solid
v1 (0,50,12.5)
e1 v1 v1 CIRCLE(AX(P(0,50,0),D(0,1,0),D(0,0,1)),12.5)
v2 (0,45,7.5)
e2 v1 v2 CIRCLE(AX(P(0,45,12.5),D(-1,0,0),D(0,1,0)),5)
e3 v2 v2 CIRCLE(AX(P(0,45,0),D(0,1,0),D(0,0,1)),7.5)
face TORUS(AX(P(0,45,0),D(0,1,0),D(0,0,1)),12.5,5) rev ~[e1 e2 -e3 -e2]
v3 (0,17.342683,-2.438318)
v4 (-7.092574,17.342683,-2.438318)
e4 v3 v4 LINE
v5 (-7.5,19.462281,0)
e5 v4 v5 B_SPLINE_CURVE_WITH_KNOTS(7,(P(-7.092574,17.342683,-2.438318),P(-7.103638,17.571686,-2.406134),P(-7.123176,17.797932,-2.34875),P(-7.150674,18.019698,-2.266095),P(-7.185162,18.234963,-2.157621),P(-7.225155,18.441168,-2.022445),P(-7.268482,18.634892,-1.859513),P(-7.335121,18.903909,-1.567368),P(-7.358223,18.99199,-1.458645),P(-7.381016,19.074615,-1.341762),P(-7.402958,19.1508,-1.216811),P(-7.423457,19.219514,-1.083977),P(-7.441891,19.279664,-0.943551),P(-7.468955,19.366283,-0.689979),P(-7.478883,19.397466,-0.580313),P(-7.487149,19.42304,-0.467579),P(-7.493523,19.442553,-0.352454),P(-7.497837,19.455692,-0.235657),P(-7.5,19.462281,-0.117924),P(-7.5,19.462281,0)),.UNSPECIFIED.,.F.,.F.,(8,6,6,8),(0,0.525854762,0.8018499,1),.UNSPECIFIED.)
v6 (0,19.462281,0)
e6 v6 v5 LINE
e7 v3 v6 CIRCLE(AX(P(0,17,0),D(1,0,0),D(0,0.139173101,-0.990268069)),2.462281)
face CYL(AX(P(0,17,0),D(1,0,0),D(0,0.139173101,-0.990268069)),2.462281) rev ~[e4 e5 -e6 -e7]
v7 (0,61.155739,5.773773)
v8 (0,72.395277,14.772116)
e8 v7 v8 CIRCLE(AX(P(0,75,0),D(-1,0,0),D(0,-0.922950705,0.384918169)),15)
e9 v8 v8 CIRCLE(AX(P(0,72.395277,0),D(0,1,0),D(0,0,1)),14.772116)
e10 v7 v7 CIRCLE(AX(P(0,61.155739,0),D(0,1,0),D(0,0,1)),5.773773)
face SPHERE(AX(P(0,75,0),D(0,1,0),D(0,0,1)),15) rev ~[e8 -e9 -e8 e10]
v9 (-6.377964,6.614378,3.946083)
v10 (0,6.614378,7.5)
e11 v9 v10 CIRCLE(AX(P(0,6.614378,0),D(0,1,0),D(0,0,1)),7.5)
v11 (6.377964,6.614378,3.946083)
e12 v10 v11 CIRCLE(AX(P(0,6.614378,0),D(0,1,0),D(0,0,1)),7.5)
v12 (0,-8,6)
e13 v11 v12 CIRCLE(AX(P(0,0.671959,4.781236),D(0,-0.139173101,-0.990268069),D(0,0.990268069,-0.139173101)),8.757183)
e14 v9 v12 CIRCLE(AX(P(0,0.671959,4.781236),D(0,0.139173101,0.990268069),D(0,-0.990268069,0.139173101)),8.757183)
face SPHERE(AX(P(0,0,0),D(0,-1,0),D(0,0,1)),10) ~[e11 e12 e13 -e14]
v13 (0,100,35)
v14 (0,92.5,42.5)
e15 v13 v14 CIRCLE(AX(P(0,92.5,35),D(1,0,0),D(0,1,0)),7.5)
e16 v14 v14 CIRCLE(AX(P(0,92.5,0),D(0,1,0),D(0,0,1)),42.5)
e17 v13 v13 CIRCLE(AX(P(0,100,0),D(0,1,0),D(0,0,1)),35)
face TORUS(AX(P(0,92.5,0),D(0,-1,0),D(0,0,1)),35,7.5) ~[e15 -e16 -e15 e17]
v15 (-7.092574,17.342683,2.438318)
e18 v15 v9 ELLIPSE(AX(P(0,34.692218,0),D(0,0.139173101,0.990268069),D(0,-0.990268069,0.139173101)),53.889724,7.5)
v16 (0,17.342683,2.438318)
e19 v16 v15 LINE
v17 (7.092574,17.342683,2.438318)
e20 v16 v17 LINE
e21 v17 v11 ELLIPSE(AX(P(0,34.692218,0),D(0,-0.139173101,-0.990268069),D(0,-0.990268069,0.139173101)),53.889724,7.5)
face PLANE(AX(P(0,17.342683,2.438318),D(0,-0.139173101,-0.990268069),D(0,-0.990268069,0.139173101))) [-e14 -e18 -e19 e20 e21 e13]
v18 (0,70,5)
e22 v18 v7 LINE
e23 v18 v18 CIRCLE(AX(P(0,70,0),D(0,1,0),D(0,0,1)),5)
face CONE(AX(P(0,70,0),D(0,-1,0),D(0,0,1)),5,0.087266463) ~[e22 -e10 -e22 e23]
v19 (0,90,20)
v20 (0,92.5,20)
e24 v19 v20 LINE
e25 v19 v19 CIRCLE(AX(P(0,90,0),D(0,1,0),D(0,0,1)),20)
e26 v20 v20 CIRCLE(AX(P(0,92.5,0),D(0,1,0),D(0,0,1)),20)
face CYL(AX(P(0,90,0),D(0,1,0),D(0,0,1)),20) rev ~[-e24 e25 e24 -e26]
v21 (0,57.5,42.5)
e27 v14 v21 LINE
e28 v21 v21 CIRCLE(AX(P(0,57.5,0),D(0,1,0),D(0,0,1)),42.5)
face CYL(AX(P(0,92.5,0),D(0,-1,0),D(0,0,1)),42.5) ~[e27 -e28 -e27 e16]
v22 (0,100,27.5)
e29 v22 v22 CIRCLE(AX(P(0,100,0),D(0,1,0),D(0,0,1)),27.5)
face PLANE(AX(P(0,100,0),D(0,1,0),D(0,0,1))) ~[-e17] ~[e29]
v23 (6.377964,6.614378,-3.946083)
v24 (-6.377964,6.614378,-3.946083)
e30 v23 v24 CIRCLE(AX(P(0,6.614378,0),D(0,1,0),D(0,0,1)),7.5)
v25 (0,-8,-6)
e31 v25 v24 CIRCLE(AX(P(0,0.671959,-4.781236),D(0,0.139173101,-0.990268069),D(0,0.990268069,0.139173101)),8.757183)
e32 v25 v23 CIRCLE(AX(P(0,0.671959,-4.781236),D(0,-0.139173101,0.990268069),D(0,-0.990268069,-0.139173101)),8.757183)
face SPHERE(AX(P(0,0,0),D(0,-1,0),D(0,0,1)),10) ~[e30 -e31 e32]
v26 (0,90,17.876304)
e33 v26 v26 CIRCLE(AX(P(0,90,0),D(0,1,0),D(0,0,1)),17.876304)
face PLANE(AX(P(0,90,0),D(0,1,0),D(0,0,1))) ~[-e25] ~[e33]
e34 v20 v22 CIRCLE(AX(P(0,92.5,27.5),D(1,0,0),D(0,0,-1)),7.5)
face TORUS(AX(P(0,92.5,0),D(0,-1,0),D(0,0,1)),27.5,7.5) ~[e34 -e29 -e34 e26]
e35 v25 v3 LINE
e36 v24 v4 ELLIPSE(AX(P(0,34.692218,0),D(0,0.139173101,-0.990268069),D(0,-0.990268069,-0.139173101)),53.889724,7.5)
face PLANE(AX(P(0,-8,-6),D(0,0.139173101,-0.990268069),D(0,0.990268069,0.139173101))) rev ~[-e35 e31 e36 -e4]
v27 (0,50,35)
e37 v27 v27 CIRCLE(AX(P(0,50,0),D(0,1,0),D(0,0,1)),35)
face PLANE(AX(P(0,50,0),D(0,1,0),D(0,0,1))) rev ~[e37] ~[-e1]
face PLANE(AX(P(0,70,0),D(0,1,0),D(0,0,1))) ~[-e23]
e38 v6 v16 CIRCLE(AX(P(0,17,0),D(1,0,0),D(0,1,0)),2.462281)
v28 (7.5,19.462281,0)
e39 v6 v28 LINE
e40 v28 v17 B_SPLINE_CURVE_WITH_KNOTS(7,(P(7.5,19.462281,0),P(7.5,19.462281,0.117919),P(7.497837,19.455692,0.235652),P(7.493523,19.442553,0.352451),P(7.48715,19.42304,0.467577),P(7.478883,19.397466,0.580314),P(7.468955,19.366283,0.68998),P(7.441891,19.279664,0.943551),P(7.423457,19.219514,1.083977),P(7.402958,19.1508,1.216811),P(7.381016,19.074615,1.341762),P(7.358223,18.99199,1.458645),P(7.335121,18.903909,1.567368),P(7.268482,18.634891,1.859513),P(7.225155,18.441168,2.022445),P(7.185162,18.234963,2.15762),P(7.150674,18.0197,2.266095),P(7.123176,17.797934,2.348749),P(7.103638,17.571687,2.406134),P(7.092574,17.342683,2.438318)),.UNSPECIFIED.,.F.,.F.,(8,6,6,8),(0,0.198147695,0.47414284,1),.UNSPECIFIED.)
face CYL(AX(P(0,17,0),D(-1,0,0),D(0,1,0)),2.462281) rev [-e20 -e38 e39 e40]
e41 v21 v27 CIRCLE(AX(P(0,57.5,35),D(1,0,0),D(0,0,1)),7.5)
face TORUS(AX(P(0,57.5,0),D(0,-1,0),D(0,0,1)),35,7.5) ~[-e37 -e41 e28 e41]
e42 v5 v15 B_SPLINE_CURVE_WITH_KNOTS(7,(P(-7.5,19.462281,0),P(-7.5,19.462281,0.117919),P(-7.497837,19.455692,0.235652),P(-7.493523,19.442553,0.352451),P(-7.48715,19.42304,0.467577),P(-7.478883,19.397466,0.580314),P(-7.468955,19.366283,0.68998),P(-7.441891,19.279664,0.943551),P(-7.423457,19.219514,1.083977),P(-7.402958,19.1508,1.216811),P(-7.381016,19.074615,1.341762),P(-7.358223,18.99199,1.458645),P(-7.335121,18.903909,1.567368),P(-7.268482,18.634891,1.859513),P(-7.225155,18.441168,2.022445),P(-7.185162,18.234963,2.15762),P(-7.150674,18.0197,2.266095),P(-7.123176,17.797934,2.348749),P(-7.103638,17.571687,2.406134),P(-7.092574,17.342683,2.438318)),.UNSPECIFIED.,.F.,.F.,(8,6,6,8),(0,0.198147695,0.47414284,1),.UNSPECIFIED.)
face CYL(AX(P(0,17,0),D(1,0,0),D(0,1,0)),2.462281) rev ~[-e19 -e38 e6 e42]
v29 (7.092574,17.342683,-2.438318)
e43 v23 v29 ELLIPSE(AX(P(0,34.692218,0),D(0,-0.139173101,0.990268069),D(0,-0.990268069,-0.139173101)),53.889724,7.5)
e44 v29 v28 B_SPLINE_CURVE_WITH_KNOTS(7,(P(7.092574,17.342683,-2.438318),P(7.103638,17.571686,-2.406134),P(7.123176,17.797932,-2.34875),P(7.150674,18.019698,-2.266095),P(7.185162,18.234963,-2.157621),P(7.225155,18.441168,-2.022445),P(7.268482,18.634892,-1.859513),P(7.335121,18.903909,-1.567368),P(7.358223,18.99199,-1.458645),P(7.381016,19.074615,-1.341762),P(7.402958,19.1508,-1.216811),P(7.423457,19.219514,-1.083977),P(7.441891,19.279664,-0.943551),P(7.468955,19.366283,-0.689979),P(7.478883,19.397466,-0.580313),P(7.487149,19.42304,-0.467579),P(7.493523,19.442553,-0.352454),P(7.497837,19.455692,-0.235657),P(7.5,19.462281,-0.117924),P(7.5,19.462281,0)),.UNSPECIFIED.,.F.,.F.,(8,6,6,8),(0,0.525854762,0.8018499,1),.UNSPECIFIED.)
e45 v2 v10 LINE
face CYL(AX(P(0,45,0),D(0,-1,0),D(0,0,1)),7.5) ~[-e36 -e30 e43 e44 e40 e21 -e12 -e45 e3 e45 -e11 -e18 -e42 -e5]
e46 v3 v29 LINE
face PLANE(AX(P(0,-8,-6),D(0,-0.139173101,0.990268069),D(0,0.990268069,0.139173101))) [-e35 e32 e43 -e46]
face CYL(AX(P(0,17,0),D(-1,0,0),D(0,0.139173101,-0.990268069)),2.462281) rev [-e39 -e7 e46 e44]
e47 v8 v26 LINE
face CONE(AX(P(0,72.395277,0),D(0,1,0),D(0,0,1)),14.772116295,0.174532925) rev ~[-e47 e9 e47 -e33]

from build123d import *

# Parameters (mm, degrees)
F3_DEPTH      = 42.5010001
F3_DEPTH_BACK = 42.5010001


with BuildPart() as f1:
    # F0 (on Right) → F1 (revolve)
    with BuildSketch(Plane.YZ):
        with BuildLine():
            Line((45, 7.5), (6.6143782777, 7.5))
            ThreePointArc((6.6143782777, 7.5), (-4.1143782777, 9.1143782777), (-10, 0))
            Line((-10, 0), (70, 0))
            Line((70, 0), (70, 5))
            Line((70, 5), (61.1557394314, 5.773772537))
            ThreePointArc((61.1557394314, 5.773772537), (65.625310141, 11.7096195518), (72.395277335, 14.7721162952))
            Line((72.395277335, 14.7721162952), (90, 17.8763038889))
            Line((90, 17.8763038889), (90, 20))
            Line((90, 20), (92.5, 20))
            ThreePointArc((92.5, 20), (97.8033008589, 22.1966991411), (100, 27.5))
            Line((100, 27.5), (100, 35))
            ThreePointArc((100, 35), (97.8033008589, 40.3033008589), (92.5, 42.5))
            Line((92.5, 42.5), (57.5, 42.5))
            ThreePointArc((57.5, 42.5), (52.1966991411, 40.3033008589), (50, 35))
            Line((50, 35), (50, 12.5))
            ThreePointArc((50, 12.5), (48.5355339059, 8.9644660941), (45, 7.5))
        make_face()
    revolve(axis=Axis((0, 30, 0), (0, 1, 0)))

    # F2 (on Right) → F3 (cut, two sides)
    with BuildSketch(Plane.YZ) as f3_sk:
        with BuildLine():
            Line((17.3426832667, 2.4383181401), (-8, 6))
            ThreePointArc((-8, 6), (-10, 0), (-8, -6))
            Line((-8, -6), (17.3426832667, -2.4383181401))
            ThreePointArc((17.3426832667, -2.4383181401), (18.8583069757, -1.6154016088), (19.4622808884, 0))
            ThreePointArc((19.4622808884, 0), (18.8583069757, 1.6154016088), (17.3426832667, 2.4383181401))
        make_face()
    extrude(amount=-F3_DEPTH, mode=Mode.SUBTRACT)
    extrude(f3_sk.sketch, amount=F3_DEPTH_BACK, mode=Mode.SUBTRACT)


solid = f1.part
